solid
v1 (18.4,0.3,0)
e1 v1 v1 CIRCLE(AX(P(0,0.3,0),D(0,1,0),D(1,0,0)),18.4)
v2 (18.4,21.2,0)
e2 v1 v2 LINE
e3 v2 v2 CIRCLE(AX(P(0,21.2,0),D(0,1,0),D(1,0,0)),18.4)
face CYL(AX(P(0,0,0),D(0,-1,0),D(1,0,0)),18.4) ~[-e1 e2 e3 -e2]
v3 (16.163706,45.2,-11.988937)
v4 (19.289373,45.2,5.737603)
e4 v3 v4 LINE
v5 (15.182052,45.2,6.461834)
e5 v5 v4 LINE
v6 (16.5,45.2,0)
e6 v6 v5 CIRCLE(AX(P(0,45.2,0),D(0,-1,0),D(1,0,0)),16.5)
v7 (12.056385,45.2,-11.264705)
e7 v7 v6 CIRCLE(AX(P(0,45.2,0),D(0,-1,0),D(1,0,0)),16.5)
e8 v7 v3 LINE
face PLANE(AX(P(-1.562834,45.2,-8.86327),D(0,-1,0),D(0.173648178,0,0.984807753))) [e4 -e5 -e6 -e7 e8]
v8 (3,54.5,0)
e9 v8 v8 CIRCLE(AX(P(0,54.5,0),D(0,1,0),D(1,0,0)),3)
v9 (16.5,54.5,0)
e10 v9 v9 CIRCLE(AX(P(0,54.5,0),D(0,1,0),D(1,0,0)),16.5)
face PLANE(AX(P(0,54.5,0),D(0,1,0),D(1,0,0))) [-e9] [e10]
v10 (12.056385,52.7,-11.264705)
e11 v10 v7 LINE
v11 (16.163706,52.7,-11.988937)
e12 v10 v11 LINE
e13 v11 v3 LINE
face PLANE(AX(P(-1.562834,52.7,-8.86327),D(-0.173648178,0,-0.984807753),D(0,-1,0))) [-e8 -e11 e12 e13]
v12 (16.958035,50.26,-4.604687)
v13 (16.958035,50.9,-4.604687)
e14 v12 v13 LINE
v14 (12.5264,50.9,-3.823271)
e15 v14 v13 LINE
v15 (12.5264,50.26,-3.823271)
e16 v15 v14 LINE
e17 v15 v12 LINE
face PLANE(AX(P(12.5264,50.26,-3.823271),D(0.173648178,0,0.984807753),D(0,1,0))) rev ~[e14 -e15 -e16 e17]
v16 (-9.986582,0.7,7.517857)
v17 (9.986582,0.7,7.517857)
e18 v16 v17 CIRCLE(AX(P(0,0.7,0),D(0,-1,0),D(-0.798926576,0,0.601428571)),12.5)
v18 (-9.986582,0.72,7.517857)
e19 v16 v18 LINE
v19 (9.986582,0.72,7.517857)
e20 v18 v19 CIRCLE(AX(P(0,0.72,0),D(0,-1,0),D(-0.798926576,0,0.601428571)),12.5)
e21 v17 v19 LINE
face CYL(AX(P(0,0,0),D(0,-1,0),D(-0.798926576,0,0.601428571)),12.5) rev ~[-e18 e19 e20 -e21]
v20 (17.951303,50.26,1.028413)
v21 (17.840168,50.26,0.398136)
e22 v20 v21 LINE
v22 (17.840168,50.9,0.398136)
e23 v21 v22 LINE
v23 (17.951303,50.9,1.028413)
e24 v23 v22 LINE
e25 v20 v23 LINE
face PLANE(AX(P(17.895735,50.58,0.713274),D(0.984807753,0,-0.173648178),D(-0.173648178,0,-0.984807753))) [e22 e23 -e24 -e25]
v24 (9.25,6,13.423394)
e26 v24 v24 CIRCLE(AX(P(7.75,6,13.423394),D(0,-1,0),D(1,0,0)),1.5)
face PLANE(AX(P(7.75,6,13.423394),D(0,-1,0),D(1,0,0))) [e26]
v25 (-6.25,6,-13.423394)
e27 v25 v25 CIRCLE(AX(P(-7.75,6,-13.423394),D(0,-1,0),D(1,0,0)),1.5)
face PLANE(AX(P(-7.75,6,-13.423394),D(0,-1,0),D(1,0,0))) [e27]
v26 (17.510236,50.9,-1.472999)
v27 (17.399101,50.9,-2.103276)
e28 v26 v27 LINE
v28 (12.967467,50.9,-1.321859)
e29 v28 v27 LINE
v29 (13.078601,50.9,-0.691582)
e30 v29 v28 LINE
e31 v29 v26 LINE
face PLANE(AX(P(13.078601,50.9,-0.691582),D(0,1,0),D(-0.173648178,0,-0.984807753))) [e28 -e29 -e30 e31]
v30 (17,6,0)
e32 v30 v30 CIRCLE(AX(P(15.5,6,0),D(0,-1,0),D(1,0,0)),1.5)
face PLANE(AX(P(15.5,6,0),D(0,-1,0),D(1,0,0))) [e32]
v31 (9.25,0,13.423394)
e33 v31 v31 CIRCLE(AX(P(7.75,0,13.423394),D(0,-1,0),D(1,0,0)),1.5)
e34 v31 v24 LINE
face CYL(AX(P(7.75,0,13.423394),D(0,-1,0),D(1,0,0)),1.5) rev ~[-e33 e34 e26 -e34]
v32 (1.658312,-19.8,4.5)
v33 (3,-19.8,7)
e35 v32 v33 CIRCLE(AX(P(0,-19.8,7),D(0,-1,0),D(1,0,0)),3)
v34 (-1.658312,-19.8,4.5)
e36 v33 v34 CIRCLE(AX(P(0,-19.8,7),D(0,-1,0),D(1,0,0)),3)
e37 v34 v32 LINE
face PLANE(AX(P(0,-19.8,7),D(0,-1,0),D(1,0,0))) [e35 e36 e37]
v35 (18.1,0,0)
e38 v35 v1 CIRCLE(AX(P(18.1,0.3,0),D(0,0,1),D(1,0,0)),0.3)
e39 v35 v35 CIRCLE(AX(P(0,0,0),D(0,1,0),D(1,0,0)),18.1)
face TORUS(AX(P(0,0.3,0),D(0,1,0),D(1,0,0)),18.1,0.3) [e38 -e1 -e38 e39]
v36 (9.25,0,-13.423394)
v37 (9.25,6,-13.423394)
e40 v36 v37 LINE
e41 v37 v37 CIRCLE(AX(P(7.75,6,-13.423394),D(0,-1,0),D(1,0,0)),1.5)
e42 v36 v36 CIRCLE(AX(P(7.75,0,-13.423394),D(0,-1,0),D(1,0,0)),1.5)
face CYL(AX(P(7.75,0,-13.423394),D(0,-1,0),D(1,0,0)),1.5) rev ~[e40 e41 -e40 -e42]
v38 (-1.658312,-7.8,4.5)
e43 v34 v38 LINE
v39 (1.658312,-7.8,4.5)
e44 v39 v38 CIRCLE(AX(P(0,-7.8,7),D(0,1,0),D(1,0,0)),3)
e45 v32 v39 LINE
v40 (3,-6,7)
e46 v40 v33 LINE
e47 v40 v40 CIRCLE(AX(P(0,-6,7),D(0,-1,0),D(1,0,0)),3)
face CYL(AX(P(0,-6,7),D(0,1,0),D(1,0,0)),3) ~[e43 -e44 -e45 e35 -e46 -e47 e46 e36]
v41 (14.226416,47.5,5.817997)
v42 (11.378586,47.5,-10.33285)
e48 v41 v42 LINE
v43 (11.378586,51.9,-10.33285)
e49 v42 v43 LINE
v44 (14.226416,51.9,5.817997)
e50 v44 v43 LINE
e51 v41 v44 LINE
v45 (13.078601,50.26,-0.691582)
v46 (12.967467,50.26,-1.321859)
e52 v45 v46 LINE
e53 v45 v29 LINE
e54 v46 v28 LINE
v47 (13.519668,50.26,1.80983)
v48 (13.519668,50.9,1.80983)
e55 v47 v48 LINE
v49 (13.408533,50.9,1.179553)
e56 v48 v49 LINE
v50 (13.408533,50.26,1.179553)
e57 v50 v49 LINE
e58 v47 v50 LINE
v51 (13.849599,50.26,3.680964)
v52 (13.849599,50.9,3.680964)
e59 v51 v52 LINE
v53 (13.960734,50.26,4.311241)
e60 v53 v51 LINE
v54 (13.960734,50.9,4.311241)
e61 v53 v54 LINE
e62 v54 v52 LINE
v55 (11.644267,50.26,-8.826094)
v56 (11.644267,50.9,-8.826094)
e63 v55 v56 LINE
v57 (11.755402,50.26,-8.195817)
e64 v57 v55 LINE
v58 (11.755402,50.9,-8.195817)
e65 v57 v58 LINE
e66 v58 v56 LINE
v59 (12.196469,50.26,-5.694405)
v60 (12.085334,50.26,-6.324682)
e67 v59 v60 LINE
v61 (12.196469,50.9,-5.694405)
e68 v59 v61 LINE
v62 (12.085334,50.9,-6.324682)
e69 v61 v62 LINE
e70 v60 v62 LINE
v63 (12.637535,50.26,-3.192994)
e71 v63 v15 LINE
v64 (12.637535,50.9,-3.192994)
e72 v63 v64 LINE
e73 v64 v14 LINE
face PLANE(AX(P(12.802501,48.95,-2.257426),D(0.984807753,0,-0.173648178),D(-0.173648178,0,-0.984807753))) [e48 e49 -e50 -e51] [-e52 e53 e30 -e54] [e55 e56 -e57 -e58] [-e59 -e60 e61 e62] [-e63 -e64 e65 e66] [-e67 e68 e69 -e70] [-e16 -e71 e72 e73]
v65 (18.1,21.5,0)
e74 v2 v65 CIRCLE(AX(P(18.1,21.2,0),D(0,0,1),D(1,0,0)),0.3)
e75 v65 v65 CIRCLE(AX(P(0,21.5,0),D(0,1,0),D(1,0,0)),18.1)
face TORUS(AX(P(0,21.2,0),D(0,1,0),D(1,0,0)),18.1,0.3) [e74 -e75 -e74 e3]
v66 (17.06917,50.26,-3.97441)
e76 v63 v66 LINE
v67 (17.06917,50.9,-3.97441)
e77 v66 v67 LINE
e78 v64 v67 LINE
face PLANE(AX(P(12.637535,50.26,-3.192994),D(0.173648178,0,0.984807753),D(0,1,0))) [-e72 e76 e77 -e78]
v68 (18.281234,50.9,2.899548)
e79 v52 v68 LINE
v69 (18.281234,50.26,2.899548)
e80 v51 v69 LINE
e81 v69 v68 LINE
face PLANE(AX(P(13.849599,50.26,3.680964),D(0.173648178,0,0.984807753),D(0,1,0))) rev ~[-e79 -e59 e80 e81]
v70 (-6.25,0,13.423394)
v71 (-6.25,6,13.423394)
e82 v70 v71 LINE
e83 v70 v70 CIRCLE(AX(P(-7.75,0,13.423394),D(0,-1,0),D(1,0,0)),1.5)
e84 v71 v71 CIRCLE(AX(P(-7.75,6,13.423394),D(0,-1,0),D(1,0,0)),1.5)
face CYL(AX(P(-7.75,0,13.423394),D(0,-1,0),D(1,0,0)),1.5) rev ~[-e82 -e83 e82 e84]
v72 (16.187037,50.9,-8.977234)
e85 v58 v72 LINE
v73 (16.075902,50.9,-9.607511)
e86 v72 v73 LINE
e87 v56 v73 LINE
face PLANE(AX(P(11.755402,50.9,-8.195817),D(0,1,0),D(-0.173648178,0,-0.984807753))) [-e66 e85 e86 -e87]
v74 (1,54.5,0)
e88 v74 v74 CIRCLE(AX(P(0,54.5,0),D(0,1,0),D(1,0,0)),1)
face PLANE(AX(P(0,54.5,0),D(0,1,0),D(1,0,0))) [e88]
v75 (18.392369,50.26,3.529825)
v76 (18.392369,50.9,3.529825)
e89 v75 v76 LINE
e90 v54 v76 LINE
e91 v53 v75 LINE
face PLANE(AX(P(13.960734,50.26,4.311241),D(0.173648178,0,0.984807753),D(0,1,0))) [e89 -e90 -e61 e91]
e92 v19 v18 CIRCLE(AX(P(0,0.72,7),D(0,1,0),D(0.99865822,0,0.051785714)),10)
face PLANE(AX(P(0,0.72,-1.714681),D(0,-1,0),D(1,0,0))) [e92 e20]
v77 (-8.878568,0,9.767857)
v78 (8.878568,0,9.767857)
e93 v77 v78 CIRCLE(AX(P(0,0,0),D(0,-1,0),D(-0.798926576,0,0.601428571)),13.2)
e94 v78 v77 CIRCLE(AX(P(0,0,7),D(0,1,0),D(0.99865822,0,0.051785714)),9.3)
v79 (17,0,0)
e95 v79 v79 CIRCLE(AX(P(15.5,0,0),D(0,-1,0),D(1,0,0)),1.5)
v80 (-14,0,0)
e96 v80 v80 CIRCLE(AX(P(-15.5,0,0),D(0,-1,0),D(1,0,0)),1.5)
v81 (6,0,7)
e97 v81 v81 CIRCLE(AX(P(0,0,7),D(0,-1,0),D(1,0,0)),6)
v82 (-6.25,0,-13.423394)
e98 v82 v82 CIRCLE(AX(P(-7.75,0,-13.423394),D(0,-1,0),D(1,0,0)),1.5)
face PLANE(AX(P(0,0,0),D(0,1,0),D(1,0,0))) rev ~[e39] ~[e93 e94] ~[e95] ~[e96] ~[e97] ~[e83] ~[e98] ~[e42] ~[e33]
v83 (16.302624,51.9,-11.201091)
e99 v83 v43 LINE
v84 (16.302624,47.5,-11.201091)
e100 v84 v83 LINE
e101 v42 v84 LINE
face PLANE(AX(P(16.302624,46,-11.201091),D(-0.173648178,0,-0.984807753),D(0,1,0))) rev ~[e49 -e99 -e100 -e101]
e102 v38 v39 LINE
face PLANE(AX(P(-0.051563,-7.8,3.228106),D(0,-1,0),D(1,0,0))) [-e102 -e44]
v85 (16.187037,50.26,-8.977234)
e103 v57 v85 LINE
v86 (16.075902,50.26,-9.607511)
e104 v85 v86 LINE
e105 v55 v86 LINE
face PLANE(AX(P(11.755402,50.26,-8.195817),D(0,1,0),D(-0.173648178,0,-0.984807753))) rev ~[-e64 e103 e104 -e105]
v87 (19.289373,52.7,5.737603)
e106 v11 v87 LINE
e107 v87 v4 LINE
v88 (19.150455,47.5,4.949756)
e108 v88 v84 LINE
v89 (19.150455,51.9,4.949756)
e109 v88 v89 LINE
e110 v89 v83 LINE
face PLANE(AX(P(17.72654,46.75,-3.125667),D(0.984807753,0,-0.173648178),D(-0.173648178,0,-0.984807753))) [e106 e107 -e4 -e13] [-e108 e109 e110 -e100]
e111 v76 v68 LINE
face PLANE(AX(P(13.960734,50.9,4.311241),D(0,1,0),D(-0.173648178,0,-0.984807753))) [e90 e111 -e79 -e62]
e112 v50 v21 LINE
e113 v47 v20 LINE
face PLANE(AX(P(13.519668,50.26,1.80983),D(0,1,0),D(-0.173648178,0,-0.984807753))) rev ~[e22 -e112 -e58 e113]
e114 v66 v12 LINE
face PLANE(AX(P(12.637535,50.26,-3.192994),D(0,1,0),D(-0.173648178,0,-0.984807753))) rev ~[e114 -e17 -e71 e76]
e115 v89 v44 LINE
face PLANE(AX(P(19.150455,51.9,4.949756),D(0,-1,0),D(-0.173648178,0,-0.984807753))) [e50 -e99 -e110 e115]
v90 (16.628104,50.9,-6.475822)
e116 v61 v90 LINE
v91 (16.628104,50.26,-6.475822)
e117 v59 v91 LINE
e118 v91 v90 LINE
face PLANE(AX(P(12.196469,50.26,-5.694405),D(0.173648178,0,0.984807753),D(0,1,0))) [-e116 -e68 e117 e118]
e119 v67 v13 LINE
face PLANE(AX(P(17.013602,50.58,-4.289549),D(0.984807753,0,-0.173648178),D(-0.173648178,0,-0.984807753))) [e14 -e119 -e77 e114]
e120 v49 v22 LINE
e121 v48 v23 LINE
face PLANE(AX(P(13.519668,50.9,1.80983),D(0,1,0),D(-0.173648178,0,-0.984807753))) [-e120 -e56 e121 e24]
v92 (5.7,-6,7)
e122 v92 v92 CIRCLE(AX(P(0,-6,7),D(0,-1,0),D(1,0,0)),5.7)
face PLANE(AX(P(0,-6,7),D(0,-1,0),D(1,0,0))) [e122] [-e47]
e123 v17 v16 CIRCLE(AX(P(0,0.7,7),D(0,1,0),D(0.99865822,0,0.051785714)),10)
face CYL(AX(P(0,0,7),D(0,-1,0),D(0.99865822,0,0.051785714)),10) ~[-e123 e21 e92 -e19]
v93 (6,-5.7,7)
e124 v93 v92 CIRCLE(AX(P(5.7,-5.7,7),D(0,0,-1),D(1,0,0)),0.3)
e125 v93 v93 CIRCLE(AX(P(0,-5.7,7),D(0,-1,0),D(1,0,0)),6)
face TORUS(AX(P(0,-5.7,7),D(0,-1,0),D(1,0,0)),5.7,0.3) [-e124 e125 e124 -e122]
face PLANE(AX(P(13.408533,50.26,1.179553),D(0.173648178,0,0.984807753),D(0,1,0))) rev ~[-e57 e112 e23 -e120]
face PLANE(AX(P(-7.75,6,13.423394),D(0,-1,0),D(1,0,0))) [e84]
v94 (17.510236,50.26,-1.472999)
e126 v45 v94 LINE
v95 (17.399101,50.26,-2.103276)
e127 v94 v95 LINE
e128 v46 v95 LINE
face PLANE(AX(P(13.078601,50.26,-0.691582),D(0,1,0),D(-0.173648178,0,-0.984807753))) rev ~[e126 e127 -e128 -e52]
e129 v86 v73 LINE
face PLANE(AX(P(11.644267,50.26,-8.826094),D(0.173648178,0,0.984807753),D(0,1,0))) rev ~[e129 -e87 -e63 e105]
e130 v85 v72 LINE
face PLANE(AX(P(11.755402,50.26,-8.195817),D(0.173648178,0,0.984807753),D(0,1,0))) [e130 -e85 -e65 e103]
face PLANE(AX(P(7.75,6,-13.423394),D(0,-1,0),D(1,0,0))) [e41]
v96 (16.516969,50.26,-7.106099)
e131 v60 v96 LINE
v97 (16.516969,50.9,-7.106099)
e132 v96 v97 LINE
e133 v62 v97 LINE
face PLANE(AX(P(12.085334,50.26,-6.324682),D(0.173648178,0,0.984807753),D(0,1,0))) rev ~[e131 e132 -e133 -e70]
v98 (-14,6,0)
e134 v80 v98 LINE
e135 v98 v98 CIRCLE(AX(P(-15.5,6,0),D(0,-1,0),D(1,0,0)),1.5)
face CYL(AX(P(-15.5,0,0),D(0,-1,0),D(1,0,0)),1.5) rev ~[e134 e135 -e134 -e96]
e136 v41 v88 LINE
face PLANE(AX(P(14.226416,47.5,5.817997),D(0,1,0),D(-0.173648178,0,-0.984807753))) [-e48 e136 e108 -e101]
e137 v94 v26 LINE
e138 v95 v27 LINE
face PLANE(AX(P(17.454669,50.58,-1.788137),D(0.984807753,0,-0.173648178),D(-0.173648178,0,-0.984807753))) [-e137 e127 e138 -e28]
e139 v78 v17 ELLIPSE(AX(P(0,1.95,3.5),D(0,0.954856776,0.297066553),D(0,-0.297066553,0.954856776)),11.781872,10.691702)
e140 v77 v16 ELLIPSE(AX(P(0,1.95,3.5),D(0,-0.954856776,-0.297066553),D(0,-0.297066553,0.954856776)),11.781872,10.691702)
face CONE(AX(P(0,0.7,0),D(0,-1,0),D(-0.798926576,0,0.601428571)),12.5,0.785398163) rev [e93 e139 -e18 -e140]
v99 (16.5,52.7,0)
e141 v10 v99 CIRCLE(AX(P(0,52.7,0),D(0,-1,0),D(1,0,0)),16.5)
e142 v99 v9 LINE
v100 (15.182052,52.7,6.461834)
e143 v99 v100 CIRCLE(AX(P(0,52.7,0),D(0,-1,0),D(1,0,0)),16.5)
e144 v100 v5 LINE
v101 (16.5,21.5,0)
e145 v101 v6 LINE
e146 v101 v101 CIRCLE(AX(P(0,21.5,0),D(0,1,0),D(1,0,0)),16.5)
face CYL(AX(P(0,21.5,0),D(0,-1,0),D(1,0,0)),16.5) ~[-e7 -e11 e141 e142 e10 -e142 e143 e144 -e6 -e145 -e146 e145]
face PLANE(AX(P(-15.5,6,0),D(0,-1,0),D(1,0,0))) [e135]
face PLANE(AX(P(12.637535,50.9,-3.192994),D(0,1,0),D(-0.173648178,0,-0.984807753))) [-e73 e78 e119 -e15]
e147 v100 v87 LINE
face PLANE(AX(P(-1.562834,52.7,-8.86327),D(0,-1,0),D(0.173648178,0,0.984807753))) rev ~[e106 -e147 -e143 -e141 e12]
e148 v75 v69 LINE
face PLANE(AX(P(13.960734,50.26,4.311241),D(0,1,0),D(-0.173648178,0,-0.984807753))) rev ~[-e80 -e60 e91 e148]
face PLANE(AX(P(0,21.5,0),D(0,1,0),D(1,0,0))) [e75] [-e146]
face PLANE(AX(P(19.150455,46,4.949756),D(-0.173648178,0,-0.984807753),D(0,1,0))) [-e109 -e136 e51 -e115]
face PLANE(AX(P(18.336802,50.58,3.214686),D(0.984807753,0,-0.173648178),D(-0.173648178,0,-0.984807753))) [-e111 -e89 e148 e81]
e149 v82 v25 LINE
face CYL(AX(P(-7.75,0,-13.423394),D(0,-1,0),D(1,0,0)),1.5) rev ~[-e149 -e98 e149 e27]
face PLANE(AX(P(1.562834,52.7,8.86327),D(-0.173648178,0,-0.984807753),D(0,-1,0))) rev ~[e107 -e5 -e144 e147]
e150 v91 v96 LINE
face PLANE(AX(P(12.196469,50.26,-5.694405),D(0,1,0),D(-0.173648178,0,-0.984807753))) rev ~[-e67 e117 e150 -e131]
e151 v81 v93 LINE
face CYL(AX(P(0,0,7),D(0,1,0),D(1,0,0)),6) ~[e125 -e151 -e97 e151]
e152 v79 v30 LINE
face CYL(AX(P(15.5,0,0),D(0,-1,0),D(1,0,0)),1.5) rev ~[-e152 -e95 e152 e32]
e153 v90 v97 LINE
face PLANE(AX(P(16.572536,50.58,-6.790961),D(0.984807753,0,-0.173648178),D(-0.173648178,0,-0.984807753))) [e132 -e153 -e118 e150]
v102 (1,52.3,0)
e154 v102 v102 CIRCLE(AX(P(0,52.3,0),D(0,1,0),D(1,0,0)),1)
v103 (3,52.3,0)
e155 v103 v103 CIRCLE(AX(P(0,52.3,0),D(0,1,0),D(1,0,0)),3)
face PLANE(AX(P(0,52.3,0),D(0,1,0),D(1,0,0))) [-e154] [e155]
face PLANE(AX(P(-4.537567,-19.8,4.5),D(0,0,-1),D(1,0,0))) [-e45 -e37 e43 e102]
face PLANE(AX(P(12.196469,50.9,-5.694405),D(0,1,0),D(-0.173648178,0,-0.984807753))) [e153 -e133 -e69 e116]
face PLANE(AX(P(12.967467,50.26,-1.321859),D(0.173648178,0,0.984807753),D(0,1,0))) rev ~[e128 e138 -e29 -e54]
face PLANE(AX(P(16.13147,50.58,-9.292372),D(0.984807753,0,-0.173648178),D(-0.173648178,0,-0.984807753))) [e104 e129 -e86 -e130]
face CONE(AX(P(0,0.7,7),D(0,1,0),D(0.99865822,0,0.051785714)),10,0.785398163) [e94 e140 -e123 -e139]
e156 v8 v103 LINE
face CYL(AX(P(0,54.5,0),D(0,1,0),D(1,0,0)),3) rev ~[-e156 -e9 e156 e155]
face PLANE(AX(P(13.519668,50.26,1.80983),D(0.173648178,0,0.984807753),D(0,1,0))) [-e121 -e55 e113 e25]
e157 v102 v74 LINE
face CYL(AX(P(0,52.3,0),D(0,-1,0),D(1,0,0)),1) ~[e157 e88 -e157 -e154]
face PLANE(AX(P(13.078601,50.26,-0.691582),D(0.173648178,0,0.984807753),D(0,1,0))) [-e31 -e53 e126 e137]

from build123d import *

# Parameters (mm, degrees)
SKETCH_1_R          = 18.4
EXTRUDE_1_DEPTH     = 21.5
SKETCH_2_R          = 6
EXTRUDE_2_DEPTH     = 6
SKETCH_3_R          = 3
EXTRUDE_3_DEPTH     = 13.8
SKETCH_4_W          = 8.972007795
SKETCH_4_H          = 2.543787651
CUT_EXTRUDE_1_DEPTH = 12
SKETCH_6_R          = 1.5
CUT_EXTRUDE_2_DEPTH = 6
CUT_EXTRUDE_3_DEPTH = 0.72
SKETCH_8_R          = 16.5
EXTRUDE_4_DEPTH     = 33
SKETCH_10_W         = 7.5
SKETCH_10_H         = 18
EXTRUDE_5_DEPTH     = 18
SKETCH_11_W         = 16.4
SKETCH_11_H         = 5.9
CUT_EXTRUDE_4_DEPTH = 5
SKETCH_12_W         = 0.64
SKETCH_12_H         = 0.64
EXTRUDE_6_DEPTH     = 4.5
SKETCH_13_W         = 16.4
SKETCH_13_H         = 1.5
EXTRUDE_7_DEPTH     = 5
SKETCH_14_R         = 3
CUT_EXTRUDE_5_DEPTH = 2.2
SKETCH_15_R         = 1
EXTRUDE_8_DEPTH     = 2.2
CHAMFER_1_SIZE      = 0.7
FILLET_1_R          = 0.3
FILLET_2_R          = 0.3


with BuildPart() as part:
    # 草图1 → 凸台-拉伸1 (new body)
    with BuildSketch(Plane(origin=(0, 0, 0), x_dir=(1, 0, 0), z_dir=(0, 1, 0))):
        Circle(SKETCH_1_R)
    extrude(amount=EXTRUDE_1_DEPTH)

    # 草图2 → 凸台-拉伸2 (add)
    with BuildSketch(Plane.XZ):
        with Locations((0, 7)):
            Circle(SKETCH_2_R)
    extrude(amount=EXTRUDE_2_DEPTH)

    # 草图3 → 凸台-拉伸3 (add)
    with BuildSketch(Plane.XZ.offset(6)):
        with Locations((0, 7)):
            Circle(SKETCH_3_R)
    extrude(amount=EXTRUDE_3_DEPTH)

    # 草图4 → 切除-拉伸1 (cut)
    with BuildSketch(Plane.XZ.offset(19.8)):
        with Locations((-0.051563263, 3.228106175)):
            Rectangle(SKETCH_4_W, SKETCH_4_H)
    extrude(amount=-CUT_EXTRUDE_1_DEPTH, mode=Mode.SUBTRACT)

    # 草图6 → 切除-拉伸2 (cut)
    with BuildSketch(Plane.XZ):
        with Locations((-15.5, 0)):
            Circle(SKETCH_6_R)
        with Locations((-7.75, 13.423393759)):
            Circle(SKETCH_6_R)
        with Locations((7.75, 13.423393759)):
            Circle(SKETCH_6_R)
        with Locations((15.5, 0)):
            Circle(SKETCH_6_R)
        with Locations((7.75, -13.423393759)):
            Circle(SKETCH_6_R)
        with Locations((-7.75, -13.423393759)):
            Circle(SKETCH_6_R)
    extrude(amount=-CUT_EXTRUDE_2_DEPTH, mode=Mode.SUBTRACT)

    # 草图7 → 切除-拉伸3 (cut)
    with BuildSketch(Plane.XZ):
        with BuildLine():
            ThreePointArc((-9.986582197, 7.517857143), (0, -12.5), (9.986582197, 7.517857143))
            ThreePointArc((9.986582197, 7.517857143), (0, -3), (-9.986582197, 7.517857143))
        make_face()
    extrude(amount=-CUT_EXTRUDE_3_DEPTH, mode=Mode.SUBTRACT)

    # 草图8 → 凸台-拉伸4 (add)
    with BuildSketch(Plane(origin=(0, 21.5, 0), x_dir=(1, 0, 0), z_dir=(0, 1, 0))):
        Circle(SKETCH_8_R)
    extrude(amount=EXTRUDE_4_DEPTH)

    # 草图10 → 凸台-拉伸5 (add)
    with BuildSketch(Plane(origin=(0, 0, 0), x_dir=(0, -1, 0), z_dir=(-0.984807753, 0, 0.173648178))):
        with Locations((-48.95, 0)):
            Rectangle(SKETCH_10_W, SKETCH_10_H)
    extrude(amount=-EXTRUDE_5_DEPTH)

    # 草图11 → 切除-拉伸4 (cut)
    with BuildSketch(Plane(origin=(17.726539554, 0, -3.125667198), x_dir=(-0.173648178, 0, -0.984807753), z_dir=(0.984807753, 0, -0.173648178))):
        with Locations((0, 48.95)):
            Rectangle(SKETCH_11_W, SKETCH_11_H)
    extrude(amount=-CUT_EXTRUDE_4_DEPTH, mode=Mode.SUBTRACT)

    # 草图12 → 凸台-拉伸6 (add)
    with BuildSketch(Plane(origin=(12.802500789, 0, -2.25742631), x_dir=(-0.173648178, 0, -0.984807753), z_dir=(0.984807753, 0, -0.173648178))):
        with Locations((-1.27, 50.58)):
            Rectangle(SKETCH_12_W, SKETCH_12_H)
        with Locations((1.27, 50.58)):
            Rectangle(SKETCH_12_W, SKETCH_12_H)
        with Locations((3.81, 50.58)):
            Rectangle(SKETCH_12_W, SKETCH_12_H)
        with Locations((6.35, 50.58)):
            Rectangle(SKETCH_12_W, SKETCH_12_H)
        with Locations((-6.35, 50.58)):
            Rectangle(SKETCH_12_W, SKETCH_12_H)
        with Locations((-3.81, 50.58)):
            Rectangle(SKETCH_12_W, SKETCH_12_H)
    extrude(amount=EXTRUDE_6_DEPTH)

    # 草图13 → 凸台-拉伸7 (add)
    with BuildSketch(Plane(origin=(12.802500789, 0, -2.25742631), x_dir=(-0.173648178, 0, -0.984807753), z_dir=(0.984807753, 0, -0.173648178))):
        with Locations((0, 46.75)):
            Rectangle(SKETCH_13_W, SKETCH_13_H)
    extrude(amount=EXTRUDE_7_DEPTH)

    # 草图14 → 切除-拉伸5 (cut)
    with BuildSketch(Plane(origin=(0, 54.5, 0), x_dir=(1, 0, 0), z_dir=(0, 1, 0))):
        Circle(SKETCH_14_R)
    extrude(amount=-CUT_EXTRUDE_5_DEPTH, mode=Mode.SUBTRACT)

    # 草图15 → 凸台-拉伸8 (add)
    with BuildSketch(Plane(origin=(0, 52.3, 0), x_dir=(1, 0, 0), z_dir=(0, 1, 0))):
        Circle(SKETCH_15_R)
    extrude(amount=EXTRUDE_8_DEPTH)

    # 倒角1
    chamfer_1_edges = [part.edges().sort_by_distance(p)[0] for p in [
        (0, 0, -12.5),
        (0, 0, -3),
    ]]
    chamfer(chamfer_1_edges, length=CHAMFER_1_SIZE)

    # 圆角1
    fillet_1_edges = [part.edges().sort_by_distance(p)[0] for p in [
        (-6, -6, 7),
    ]]
    fillet(fillet_1_edges, radius=FILLET_1_R)

    # 圆角2
    fillet_2_edges = [part.edges().sort_by_distance(p)[0] for p in [
        (-18.4, 0, 0),
        (-18.4, 21.5, 0),
    ]]
    fillet(fillet_2_edges, radius=FILLET_2_R)


solid = part.part
